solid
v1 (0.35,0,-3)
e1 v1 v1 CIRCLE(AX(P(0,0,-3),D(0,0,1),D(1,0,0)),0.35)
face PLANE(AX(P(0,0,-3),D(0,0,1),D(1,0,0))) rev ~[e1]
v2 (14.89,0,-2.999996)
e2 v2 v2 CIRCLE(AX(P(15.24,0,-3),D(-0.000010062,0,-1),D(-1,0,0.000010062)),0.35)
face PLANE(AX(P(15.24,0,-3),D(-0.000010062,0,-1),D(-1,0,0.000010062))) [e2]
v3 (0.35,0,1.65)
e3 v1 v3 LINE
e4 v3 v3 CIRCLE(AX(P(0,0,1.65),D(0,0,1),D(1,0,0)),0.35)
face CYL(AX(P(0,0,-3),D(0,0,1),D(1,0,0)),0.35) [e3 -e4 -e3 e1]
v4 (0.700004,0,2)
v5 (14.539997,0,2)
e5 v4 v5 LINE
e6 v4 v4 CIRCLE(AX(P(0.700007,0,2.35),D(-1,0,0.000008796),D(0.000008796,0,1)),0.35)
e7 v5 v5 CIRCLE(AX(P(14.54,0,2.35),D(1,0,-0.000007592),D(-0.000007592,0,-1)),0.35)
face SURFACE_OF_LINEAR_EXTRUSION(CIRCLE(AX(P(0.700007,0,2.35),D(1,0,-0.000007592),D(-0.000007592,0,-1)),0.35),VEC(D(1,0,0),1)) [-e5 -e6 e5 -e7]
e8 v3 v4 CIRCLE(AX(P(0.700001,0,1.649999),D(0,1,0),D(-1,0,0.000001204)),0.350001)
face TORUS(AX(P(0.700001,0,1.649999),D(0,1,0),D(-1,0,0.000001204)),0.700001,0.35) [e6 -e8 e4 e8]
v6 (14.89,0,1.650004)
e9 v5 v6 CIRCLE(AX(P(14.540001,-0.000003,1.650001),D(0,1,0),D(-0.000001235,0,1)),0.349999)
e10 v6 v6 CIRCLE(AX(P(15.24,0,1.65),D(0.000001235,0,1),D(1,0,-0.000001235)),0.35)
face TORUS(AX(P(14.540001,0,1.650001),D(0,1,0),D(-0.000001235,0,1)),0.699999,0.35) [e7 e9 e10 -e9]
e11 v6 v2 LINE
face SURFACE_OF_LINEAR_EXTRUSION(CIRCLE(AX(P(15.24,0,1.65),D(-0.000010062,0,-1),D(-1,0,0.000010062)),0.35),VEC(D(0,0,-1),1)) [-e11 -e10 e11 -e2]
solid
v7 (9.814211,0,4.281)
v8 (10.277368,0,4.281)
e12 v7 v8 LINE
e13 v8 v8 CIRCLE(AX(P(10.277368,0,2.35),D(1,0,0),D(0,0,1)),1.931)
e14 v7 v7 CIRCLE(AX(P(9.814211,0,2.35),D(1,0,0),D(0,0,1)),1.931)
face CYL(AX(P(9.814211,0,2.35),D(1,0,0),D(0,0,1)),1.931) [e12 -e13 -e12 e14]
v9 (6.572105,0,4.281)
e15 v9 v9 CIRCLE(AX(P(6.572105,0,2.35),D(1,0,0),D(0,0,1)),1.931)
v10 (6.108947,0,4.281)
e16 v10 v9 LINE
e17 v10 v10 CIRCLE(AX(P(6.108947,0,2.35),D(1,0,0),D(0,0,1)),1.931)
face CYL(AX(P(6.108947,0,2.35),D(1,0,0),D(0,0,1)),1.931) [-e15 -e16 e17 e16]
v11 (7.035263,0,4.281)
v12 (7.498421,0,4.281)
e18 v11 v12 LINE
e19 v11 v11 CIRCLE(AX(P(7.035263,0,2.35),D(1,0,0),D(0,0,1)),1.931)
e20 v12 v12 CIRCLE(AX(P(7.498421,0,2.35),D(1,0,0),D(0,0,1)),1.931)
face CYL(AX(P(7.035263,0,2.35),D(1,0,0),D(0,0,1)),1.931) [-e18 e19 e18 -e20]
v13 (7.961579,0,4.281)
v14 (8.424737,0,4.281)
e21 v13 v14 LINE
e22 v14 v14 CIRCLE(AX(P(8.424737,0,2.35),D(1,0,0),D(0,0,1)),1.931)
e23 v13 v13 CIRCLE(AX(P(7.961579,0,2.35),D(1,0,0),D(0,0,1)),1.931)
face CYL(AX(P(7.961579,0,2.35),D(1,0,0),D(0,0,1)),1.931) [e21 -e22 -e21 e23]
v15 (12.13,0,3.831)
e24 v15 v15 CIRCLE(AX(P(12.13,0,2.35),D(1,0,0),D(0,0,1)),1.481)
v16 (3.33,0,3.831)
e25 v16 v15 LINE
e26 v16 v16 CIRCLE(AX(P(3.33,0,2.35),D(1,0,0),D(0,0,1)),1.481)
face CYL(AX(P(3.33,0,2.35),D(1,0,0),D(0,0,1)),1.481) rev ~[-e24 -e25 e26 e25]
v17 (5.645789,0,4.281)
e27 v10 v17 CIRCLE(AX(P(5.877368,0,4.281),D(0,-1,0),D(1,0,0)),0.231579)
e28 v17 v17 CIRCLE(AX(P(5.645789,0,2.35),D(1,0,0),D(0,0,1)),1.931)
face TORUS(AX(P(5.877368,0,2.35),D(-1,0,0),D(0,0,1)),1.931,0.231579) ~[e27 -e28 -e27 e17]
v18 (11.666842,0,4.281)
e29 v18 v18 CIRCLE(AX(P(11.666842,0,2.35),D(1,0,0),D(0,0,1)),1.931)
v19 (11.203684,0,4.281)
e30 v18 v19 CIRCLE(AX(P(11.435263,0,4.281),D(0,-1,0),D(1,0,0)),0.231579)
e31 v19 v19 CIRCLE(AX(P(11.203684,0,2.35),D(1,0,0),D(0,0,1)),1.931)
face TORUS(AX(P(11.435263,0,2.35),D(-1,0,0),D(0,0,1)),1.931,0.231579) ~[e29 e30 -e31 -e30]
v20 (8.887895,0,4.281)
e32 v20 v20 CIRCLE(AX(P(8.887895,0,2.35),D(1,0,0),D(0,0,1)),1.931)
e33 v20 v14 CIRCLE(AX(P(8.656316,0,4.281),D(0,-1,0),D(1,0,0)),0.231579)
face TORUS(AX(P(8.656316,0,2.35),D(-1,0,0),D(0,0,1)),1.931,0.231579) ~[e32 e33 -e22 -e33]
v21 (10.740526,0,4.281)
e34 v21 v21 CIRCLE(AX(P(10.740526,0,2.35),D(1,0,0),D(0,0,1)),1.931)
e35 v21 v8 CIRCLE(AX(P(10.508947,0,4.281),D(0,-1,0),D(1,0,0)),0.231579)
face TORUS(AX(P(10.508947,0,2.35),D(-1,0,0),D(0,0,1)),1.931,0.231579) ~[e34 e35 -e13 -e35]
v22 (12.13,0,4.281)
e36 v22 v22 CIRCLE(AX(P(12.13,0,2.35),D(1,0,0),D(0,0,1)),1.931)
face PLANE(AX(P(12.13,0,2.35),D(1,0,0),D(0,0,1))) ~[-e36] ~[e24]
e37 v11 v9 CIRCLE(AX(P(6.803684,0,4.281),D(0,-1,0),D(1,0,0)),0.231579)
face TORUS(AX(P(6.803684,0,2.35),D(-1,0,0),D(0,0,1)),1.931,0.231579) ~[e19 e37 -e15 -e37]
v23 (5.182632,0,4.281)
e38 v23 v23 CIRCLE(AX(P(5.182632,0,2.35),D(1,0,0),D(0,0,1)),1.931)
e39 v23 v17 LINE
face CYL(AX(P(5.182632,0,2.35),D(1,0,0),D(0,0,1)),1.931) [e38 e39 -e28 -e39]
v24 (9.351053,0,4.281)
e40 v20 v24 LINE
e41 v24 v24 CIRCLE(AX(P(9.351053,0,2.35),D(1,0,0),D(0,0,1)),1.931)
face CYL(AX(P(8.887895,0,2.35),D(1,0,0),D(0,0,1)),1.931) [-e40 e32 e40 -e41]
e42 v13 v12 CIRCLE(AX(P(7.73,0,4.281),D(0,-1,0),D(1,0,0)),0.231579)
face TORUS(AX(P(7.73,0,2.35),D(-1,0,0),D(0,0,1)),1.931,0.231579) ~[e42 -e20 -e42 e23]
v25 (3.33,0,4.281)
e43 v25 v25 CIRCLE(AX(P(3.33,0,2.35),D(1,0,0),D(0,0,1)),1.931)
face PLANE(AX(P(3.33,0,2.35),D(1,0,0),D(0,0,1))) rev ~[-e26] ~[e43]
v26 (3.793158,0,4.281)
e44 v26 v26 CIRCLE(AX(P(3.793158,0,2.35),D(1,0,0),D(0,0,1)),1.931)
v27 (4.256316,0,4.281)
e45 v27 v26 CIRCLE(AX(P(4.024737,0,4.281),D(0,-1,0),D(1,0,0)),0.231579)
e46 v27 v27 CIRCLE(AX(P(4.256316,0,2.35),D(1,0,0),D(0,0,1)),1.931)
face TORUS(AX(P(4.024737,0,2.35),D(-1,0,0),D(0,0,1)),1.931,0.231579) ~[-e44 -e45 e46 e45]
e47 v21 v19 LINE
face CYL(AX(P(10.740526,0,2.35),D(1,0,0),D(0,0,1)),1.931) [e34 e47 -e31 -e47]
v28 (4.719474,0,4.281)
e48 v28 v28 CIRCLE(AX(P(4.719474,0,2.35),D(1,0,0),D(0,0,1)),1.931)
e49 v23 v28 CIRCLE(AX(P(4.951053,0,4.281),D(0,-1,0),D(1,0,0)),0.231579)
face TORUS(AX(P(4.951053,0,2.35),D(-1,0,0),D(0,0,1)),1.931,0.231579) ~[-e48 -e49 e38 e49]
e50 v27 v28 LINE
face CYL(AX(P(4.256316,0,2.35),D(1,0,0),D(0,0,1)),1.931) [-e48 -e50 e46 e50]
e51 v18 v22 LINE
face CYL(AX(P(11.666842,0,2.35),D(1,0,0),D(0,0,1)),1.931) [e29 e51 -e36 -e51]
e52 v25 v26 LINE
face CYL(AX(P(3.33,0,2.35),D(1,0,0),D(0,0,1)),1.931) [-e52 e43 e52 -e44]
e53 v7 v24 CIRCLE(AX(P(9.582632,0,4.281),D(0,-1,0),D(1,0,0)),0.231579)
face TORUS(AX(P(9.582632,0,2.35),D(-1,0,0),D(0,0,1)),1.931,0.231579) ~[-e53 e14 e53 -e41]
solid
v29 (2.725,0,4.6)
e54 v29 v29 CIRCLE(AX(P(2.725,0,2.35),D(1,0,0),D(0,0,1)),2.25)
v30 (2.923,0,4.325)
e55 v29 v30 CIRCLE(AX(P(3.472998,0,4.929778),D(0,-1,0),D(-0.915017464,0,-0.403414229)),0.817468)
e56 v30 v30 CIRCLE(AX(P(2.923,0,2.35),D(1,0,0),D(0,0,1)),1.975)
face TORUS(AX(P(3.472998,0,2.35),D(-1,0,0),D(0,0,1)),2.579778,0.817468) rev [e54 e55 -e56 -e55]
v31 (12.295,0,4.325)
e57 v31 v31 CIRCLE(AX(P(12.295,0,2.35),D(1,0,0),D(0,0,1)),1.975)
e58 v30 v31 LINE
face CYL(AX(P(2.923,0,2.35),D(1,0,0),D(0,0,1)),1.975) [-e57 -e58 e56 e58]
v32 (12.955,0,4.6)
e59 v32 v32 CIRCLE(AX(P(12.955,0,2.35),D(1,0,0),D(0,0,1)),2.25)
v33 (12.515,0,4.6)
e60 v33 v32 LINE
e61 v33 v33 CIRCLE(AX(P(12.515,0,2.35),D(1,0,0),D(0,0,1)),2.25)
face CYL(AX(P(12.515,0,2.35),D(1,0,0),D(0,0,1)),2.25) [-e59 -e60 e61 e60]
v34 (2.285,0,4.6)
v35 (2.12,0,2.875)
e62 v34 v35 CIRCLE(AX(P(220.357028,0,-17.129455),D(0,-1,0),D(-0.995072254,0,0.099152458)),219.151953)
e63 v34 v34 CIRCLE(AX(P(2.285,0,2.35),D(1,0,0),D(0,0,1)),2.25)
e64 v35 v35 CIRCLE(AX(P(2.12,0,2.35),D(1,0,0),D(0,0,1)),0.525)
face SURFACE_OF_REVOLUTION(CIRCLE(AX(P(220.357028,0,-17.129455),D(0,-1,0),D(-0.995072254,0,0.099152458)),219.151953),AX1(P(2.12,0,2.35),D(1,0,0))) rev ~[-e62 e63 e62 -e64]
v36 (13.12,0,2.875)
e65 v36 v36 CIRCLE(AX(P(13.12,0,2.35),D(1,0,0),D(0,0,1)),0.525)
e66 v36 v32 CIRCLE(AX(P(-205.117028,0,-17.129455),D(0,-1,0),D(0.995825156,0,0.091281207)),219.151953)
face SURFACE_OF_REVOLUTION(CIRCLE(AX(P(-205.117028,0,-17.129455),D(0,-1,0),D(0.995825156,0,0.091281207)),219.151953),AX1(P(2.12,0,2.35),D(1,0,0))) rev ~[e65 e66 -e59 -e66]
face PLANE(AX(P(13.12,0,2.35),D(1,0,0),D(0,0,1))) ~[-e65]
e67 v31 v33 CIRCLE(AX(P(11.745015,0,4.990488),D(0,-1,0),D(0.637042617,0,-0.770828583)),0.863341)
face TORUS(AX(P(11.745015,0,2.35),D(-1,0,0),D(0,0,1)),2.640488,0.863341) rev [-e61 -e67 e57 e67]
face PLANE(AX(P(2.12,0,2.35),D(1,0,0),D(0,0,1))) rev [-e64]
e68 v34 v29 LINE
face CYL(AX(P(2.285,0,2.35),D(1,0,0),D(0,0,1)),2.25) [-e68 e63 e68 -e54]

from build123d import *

# Parameters (mm, degrees)
SKETCH_R = 0.35


with BuildPart() as revolution:
    # Sketch002 → Revolution (revolve)
    with BuildSketch(Plane.XZ):
        with BuildLine():
            Line((2.285, 4.6), (2.725, 4.6))
            ThreePointArc((2.725, 4.6), (2.809594, 4.452128), (2.923, 4.325))
            Line((2.923, 4.325), (12.295, 4.325))
            ThreePointArc((12.295, 4.325), (12.419171, 4.451163), (12.515, 4.6))
            Line((12.515, 4.6), (12.955, 4.6))
            ThreePointArc((13.12, 2.875), (13.039205, 3.737663), (12.955, 4.6))
            Line((13.12, 2.35), (13.12, 2.875))
            Line((2.12, 2.35), (13.12, 2.35))
            Line((2.12, 2.35), (2.12, 2.875))
            ThreePointArc((2.285, 4.6), (2.200795, 3.737663), (2.12, 2.875))
        make_face()
    revolve(axis=Axis((2.12, 0, 2.35), (1, 0, 0)))


with BuildPart() as sweep_body:
    # Sweep: sweep along a path in Sketch001
    with BuildLine(Plane.XZ) as sweep_path:
        Line((0, -3), (0, 1.65))
        ThreePointArc((0, 1.65), (0.205028, 2.144977), (0.700007, 2.35))
        Line((0.700007, 2.35), (14.54, 2.35))
        ThreePointArc((14.54, 2.35), (15.034975, 2.144975), (15.24, 1.65))
        Line((15.24, 1.65), (15.24, -3))
    # Sketch → Sweep (sweep)
    with BuildSketch(Plane.XY.offset(-2)):
        Circle(SKETCH_R)
    sweep(path=sweep_path.line)


with BuildPart() as revolution001:
    # Sketch003 → Revolution001 (revolve)
    with BuildSketch(Plane.XZ):
        with BuildLine():
            ThreePointArc((4.256316, 4.281), (4.024737, 4.512579), (3.793158, 4.281))
            Line((3.33, 4.281), (3.793158, 4.281))
            Line((3.33, 4.281), (3.33, 3.831))
            Line((3.33, 3.831), (12.13, 3.831))
            Line((12.13, 3.831), (12.13, 4.281))
            Line((11.666842, 4.281), (12.13, 4.281))
            ThreePointArc((11.666842, 4.281), (11.435263, 4.512579), (11.203684, 4.281))
            Line((10.740526, 4.281), (11.203684, 4.281))
            ThreePointArc((10.740526, 4.281), (10.508947, 4.512579), (10.277368, 4.281))
            Line((9.814211, 4.281), (10.277368, 4.281))
            ThreePointArc((9.814211, 4.281), (9.582632, 4.512579), (9.351053, 4.281))
            Line((8.887895, 4.281), (9.351053, 4.281))
            ThreePointArc((8.887895, 4.281), (8.656316, 4.512579), (8.424737, 4.281))
            Line((7.961579, 4.281), (8.424737, 4.281))
            ThreePointArc((7.961579, 4.281), (7.73, 4.512579), (7.498421, 4.281))
            Line((7.035263, 4.281), (7.498421, 4.281))
            ThreePointArc((7.035263, 4.281), (6.803684, 4.512579), (6.572105, 4.281))
            Line((6.108947, 4.281), (6.572105, 4.281))
            ThreePointArc((6.108947, 4.281), (5.877368, 4.512579), (5.645789, 4.281))
            Line((5.182632, 4.281), (5.645789, 4.281))
            ThreePointArc((5.182632, 4.281), (4.951053, 4.512579), (4.719474, 4.281))
            Line((4.256316, 4.281), (4.719474, 4.281))
        make_face()
    revolve(axis=Axis((2.395, 0, 2.35), (1, 0, 0)))


solid = Compound([revolution.part, sweep_body.part, revolution001.part])
